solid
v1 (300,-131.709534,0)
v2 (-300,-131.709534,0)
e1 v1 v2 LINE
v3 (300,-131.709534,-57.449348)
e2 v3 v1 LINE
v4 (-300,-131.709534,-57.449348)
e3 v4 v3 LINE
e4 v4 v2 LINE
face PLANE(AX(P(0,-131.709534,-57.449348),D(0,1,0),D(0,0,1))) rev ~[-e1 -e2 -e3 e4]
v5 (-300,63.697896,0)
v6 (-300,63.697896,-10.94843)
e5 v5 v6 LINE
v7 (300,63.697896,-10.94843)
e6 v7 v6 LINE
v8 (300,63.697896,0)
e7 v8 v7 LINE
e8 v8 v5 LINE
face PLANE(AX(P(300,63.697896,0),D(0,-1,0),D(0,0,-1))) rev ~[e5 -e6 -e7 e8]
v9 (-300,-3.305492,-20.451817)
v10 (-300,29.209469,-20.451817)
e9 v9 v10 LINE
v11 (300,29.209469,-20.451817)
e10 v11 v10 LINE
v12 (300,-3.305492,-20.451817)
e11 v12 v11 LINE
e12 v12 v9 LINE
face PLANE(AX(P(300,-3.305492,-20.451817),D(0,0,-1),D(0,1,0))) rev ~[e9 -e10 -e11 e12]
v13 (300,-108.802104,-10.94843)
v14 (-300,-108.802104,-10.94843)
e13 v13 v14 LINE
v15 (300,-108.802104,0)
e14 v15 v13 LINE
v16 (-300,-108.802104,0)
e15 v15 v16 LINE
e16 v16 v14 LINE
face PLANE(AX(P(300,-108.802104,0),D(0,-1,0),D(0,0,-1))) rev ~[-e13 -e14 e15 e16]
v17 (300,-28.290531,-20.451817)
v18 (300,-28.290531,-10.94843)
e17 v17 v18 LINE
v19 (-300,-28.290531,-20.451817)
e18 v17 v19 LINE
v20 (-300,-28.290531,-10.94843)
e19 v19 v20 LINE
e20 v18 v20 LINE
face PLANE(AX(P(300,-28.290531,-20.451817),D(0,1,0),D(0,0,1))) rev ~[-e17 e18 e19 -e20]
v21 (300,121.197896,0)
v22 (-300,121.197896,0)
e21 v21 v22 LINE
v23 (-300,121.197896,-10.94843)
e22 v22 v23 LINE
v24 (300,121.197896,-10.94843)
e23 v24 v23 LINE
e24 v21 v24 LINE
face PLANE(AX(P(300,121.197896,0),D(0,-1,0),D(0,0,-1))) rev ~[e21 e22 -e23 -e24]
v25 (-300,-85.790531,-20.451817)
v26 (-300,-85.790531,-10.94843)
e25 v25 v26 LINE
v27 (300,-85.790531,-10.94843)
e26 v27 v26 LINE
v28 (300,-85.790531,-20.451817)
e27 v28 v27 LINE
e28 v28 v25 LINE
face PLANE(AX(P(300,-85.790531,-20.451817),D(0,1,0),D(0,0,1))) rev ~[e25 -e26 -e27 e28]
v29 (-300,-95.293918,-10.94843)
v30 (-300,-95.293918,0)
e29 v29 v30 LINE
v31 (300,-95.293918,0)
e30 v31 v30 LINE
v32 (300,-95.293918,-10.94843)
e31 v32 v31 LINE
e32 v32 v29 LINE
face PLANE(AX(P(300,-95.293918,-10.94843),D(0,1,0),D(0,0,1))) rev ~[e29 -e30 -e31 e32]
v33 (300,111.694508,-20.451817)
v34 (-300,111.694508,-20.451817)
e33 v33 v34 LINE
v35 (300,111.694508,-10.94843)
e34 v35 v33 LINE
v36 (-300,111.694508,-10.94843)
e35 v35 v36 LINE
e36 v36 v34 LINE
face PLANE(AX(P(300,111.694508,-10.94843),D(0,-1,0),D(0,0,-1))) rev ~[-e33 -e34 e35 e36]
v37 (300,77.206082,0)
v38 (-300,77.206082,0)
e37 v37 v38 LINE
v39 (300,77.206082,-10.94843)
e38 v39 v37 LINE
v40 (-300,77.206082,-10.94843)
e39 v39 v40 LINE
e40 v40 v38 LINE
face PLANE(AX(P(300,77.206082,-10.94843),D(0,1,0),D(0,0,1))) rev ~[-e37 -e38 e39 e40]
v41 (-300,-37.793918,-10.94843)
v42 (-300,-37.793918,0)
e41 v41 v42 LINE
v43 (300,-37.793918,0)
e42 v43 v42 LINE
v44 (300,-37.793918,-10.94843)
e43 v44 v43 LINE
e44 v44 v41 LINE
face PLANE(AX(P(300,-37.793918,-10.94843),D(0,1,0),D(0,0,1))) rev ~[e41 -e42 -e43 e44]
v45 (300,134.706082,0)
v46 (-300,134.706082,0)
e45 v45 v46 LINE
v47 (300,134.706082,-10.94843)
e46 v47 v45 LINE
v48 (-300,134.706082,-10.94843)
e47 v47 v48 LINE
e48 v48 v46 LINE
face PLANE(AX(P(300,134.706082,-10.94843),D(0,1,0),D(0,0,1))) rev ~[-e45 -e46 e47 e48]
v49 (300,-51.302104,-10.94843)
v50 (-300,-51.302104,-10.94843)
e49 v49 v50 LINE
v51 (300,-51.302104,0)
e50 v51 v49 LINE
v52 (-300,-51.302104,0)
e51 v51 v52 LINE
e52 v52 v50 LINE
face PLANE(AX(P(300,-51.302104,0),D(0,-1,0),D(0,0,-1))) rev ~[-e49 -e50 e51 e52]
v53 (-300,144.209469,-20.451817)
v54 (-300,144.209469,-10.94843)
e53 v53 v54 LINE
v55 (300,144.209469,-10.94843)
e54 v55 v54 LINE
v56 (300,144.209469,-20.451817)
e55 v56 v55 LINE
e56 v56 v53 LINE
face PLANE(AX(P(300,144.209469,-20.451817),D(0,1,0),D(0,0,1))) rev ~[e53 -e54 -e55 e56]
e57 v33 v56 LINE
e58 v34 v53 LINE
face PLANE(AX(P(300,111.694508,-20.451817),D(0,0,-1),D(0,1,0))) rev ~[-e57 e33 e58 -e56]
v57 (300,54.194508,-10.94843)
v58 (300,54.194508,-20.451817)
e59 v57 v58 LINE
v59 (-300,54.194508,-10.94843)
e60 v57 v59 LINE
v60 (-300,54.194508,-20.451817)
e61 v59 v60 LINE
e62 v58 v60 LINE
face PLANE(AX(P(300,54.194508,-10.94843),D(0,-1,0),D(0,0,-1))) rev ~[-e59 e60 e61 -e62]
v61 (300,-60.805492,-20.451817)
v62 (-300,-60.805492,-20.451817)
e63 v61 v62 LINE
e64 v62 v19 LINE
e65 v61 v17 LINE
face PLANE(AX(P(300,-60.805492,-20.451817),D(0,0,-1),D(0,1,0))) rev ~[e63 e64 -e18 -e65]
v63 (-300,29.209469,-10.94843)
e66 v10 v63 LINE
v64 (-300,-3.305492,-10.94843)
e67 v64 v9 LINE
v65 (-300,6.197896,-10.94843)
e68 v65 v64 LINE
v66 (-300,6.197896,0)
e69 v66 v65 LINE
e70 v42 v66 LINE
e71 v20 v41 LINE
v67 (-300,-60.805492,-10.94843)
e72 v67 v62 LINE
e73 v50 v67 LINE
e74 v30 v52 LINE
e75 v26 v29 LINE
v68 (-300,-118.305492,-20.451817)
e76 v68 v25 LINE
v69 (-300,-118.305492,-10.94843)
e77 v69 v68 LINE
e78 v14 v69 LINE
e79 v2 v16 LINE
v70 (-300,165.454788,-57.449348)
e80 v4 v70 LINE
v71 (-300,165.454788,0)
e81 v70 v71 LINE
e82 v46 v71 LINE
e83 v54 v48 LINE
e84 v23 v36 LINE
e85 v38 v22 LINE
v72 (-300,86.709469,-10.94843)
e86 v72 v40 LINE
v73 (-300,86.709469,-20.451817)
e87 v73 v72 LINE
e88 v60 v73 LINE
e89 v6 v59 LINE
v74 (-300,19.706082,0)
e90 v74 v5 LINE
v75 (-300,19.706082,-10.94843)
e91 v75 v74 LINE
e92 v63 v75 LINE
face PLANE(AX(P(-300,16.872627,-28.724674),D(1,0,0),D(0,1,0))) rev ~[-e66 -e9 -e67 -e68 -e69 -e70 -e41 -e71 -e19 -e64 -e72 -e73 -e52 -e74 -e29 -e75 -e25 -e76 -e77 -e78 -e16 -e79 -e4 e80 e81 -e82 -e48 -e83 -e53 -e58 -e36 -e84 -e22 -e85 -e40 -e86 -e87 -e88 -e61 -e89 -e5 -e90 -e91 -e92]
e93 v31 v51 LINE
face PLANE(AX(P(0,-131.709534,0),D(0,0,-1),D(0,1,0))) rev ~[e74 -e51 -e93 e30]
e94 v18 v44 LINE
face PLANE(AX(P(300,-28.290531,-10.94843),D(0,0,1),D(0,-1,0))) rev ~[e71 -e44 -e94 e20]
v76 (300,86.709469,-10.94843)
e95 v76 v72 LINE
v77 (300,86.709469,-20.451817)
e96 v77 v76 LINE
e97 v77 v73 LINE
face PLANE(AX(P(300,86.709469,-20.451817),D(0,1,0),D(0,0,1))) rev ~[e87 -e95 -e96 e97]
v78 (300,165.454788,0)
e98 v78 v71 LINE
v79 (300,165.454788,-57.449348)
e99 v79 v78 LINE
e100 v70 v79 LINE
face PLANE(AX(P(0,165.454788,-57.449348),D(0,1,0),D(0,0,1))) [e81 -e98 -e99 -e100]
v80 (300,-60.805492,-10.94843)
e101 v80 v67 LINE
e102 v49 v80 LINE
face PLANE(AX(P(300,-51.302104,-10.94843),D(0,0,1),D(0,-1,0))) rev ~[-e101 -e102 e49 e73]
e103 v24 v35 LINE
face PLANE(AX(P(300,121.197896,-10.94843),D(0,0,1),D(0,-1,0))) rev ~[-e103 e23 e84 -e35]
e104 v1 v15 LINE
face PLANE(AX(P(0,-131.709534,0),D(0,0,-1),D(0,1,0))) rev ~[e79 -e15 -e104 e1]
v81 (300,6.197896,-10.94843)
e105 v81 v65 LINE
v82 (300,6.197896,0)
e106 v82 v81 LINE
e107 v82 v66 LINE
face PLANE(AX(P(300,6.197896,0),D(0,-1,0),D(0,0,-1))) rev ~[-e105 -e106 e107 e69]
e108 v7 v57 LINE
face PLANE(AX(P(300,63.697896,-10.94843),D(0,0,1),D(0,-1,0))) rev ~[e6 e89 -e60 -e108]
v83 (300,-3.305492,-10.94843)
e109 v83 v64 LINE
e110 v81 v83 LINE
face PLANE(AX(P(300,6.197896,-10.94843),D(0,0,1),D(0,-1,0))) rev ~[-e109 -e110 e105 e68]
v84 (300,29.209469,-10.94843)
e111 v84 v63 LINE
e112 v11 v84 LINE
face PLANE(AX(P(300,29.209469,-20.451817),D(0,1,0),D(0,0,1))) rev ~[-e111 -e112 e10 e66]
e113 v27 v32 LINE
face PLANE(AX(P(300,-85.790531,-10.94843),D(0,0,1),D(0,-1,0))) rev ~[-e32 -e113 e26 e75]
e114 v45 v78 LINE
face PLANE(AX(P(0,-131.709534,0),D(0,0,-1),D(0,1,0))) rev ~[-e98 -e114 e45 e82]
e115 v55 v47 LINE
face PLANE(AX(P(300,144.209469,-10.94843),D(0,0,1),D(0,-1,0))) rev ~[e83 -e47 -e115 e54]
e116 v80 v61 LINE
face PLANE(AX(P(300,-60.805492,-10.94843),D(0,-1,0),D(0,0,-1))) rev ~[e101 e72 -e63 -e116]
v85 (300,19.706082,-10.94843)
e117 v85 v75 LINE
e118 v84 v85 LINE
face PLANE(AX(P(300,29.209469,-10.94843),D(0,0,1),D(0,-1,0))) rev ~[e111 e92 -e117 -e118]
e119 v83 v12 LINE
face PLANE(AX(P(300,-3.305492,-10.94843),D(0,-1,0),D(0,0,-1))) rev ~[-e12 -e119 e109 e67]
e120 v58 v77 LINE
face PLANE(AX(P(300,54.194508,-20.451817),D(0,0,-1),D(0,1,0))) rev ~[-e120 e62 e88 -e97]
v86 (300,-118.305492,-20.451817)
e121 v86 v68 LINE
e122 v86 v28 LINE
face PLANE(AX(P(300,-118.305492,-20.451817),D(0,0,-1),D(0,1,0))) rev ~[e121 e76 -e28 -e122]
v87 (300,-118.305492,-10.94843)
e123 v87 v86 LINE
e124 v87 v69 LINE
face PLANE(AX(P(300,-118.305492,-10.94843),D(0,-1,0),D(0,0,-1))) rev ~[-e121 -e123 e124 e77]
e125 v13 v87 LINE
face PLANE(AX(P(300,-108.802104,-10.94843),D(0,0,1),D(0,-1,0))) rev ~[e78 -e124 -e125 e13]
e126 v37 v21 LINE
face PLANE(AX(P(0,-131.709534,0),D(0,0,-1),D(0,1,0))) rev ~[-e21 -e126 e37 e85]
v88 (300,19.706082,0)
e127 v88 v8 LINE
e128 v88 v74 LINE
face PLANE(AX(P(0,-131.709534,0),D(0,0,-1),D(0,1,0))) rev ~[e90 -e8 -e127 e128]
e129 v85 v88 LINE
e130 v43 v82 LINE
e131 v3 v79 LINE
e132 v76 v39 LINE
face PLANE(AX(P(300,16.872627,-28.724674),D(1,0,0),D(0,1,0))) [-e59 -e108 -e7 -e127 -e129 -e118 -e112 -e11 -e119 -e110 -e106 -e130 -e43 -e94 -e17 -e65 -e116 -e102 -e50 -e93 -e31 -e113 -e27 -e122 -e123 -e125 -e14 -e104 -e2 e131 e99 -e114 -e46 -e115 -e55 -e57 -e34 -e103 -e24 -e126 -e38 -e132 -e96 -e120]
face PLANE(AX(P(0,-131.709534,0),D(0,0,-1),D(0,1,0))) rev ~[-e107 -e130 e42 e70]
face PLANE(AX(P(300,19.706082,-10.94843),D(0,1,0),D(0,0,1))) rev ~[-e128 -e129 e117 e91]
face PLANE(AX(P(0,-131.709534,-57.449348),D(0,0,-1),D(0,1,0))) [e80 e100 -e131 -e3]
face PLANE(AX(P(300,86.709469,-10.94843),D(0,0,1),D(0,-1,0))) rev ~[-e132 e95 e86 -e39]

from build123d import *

# Parameters (mm, degrees)
SKETCH002_W         = 297.164322
SKETCH002_H         = 57.449348
PAD001_DEPTH        = 300
POCKET001_DEPTH     = 600
LINEARPATTERN_COUNT = 5
LINEARPATTERN_PITCH = 57.5


with BuildPart() as part:
    # Sketch002 → Pad001 (new body, symmetric)
    with BuildSketch(Plane.YZ):
        with Locations((16.872627, -28.724674)):
            Rectangle(SKETCH002_W, SKETCH002_H)
    extrude(amount=PAD001_DEPTH, both=True)

    # Sketch003 (on Face6 of Pad001) → Pocket001 (cut)
    with BuildSketch(Plane.YZ.offset(300)):
        Polygon((-108.802104, 0), (-108.802104, -10.94843), (-118.305492, -10.94843), (-118.305492, -20.451817), (-85.790531, -20.451817), (-85.790531, -10.94843), (-95.293918, -10.94843), (-95.293918, 0), align=None)
    pocket001 = extrude(amount=-POCKET001_DEPTH, mode=Mode.SUBTRACT)

    # LinearPattern: Pocket001 ×5
    with Locations(*[(0, i * LINEARPATTERN_PITCH, 0) for i in range(1, LINEARPATTERN_COUNT)]):
        add(pocket001, mode=Mode.SUBTRACT)


solid = part.part
